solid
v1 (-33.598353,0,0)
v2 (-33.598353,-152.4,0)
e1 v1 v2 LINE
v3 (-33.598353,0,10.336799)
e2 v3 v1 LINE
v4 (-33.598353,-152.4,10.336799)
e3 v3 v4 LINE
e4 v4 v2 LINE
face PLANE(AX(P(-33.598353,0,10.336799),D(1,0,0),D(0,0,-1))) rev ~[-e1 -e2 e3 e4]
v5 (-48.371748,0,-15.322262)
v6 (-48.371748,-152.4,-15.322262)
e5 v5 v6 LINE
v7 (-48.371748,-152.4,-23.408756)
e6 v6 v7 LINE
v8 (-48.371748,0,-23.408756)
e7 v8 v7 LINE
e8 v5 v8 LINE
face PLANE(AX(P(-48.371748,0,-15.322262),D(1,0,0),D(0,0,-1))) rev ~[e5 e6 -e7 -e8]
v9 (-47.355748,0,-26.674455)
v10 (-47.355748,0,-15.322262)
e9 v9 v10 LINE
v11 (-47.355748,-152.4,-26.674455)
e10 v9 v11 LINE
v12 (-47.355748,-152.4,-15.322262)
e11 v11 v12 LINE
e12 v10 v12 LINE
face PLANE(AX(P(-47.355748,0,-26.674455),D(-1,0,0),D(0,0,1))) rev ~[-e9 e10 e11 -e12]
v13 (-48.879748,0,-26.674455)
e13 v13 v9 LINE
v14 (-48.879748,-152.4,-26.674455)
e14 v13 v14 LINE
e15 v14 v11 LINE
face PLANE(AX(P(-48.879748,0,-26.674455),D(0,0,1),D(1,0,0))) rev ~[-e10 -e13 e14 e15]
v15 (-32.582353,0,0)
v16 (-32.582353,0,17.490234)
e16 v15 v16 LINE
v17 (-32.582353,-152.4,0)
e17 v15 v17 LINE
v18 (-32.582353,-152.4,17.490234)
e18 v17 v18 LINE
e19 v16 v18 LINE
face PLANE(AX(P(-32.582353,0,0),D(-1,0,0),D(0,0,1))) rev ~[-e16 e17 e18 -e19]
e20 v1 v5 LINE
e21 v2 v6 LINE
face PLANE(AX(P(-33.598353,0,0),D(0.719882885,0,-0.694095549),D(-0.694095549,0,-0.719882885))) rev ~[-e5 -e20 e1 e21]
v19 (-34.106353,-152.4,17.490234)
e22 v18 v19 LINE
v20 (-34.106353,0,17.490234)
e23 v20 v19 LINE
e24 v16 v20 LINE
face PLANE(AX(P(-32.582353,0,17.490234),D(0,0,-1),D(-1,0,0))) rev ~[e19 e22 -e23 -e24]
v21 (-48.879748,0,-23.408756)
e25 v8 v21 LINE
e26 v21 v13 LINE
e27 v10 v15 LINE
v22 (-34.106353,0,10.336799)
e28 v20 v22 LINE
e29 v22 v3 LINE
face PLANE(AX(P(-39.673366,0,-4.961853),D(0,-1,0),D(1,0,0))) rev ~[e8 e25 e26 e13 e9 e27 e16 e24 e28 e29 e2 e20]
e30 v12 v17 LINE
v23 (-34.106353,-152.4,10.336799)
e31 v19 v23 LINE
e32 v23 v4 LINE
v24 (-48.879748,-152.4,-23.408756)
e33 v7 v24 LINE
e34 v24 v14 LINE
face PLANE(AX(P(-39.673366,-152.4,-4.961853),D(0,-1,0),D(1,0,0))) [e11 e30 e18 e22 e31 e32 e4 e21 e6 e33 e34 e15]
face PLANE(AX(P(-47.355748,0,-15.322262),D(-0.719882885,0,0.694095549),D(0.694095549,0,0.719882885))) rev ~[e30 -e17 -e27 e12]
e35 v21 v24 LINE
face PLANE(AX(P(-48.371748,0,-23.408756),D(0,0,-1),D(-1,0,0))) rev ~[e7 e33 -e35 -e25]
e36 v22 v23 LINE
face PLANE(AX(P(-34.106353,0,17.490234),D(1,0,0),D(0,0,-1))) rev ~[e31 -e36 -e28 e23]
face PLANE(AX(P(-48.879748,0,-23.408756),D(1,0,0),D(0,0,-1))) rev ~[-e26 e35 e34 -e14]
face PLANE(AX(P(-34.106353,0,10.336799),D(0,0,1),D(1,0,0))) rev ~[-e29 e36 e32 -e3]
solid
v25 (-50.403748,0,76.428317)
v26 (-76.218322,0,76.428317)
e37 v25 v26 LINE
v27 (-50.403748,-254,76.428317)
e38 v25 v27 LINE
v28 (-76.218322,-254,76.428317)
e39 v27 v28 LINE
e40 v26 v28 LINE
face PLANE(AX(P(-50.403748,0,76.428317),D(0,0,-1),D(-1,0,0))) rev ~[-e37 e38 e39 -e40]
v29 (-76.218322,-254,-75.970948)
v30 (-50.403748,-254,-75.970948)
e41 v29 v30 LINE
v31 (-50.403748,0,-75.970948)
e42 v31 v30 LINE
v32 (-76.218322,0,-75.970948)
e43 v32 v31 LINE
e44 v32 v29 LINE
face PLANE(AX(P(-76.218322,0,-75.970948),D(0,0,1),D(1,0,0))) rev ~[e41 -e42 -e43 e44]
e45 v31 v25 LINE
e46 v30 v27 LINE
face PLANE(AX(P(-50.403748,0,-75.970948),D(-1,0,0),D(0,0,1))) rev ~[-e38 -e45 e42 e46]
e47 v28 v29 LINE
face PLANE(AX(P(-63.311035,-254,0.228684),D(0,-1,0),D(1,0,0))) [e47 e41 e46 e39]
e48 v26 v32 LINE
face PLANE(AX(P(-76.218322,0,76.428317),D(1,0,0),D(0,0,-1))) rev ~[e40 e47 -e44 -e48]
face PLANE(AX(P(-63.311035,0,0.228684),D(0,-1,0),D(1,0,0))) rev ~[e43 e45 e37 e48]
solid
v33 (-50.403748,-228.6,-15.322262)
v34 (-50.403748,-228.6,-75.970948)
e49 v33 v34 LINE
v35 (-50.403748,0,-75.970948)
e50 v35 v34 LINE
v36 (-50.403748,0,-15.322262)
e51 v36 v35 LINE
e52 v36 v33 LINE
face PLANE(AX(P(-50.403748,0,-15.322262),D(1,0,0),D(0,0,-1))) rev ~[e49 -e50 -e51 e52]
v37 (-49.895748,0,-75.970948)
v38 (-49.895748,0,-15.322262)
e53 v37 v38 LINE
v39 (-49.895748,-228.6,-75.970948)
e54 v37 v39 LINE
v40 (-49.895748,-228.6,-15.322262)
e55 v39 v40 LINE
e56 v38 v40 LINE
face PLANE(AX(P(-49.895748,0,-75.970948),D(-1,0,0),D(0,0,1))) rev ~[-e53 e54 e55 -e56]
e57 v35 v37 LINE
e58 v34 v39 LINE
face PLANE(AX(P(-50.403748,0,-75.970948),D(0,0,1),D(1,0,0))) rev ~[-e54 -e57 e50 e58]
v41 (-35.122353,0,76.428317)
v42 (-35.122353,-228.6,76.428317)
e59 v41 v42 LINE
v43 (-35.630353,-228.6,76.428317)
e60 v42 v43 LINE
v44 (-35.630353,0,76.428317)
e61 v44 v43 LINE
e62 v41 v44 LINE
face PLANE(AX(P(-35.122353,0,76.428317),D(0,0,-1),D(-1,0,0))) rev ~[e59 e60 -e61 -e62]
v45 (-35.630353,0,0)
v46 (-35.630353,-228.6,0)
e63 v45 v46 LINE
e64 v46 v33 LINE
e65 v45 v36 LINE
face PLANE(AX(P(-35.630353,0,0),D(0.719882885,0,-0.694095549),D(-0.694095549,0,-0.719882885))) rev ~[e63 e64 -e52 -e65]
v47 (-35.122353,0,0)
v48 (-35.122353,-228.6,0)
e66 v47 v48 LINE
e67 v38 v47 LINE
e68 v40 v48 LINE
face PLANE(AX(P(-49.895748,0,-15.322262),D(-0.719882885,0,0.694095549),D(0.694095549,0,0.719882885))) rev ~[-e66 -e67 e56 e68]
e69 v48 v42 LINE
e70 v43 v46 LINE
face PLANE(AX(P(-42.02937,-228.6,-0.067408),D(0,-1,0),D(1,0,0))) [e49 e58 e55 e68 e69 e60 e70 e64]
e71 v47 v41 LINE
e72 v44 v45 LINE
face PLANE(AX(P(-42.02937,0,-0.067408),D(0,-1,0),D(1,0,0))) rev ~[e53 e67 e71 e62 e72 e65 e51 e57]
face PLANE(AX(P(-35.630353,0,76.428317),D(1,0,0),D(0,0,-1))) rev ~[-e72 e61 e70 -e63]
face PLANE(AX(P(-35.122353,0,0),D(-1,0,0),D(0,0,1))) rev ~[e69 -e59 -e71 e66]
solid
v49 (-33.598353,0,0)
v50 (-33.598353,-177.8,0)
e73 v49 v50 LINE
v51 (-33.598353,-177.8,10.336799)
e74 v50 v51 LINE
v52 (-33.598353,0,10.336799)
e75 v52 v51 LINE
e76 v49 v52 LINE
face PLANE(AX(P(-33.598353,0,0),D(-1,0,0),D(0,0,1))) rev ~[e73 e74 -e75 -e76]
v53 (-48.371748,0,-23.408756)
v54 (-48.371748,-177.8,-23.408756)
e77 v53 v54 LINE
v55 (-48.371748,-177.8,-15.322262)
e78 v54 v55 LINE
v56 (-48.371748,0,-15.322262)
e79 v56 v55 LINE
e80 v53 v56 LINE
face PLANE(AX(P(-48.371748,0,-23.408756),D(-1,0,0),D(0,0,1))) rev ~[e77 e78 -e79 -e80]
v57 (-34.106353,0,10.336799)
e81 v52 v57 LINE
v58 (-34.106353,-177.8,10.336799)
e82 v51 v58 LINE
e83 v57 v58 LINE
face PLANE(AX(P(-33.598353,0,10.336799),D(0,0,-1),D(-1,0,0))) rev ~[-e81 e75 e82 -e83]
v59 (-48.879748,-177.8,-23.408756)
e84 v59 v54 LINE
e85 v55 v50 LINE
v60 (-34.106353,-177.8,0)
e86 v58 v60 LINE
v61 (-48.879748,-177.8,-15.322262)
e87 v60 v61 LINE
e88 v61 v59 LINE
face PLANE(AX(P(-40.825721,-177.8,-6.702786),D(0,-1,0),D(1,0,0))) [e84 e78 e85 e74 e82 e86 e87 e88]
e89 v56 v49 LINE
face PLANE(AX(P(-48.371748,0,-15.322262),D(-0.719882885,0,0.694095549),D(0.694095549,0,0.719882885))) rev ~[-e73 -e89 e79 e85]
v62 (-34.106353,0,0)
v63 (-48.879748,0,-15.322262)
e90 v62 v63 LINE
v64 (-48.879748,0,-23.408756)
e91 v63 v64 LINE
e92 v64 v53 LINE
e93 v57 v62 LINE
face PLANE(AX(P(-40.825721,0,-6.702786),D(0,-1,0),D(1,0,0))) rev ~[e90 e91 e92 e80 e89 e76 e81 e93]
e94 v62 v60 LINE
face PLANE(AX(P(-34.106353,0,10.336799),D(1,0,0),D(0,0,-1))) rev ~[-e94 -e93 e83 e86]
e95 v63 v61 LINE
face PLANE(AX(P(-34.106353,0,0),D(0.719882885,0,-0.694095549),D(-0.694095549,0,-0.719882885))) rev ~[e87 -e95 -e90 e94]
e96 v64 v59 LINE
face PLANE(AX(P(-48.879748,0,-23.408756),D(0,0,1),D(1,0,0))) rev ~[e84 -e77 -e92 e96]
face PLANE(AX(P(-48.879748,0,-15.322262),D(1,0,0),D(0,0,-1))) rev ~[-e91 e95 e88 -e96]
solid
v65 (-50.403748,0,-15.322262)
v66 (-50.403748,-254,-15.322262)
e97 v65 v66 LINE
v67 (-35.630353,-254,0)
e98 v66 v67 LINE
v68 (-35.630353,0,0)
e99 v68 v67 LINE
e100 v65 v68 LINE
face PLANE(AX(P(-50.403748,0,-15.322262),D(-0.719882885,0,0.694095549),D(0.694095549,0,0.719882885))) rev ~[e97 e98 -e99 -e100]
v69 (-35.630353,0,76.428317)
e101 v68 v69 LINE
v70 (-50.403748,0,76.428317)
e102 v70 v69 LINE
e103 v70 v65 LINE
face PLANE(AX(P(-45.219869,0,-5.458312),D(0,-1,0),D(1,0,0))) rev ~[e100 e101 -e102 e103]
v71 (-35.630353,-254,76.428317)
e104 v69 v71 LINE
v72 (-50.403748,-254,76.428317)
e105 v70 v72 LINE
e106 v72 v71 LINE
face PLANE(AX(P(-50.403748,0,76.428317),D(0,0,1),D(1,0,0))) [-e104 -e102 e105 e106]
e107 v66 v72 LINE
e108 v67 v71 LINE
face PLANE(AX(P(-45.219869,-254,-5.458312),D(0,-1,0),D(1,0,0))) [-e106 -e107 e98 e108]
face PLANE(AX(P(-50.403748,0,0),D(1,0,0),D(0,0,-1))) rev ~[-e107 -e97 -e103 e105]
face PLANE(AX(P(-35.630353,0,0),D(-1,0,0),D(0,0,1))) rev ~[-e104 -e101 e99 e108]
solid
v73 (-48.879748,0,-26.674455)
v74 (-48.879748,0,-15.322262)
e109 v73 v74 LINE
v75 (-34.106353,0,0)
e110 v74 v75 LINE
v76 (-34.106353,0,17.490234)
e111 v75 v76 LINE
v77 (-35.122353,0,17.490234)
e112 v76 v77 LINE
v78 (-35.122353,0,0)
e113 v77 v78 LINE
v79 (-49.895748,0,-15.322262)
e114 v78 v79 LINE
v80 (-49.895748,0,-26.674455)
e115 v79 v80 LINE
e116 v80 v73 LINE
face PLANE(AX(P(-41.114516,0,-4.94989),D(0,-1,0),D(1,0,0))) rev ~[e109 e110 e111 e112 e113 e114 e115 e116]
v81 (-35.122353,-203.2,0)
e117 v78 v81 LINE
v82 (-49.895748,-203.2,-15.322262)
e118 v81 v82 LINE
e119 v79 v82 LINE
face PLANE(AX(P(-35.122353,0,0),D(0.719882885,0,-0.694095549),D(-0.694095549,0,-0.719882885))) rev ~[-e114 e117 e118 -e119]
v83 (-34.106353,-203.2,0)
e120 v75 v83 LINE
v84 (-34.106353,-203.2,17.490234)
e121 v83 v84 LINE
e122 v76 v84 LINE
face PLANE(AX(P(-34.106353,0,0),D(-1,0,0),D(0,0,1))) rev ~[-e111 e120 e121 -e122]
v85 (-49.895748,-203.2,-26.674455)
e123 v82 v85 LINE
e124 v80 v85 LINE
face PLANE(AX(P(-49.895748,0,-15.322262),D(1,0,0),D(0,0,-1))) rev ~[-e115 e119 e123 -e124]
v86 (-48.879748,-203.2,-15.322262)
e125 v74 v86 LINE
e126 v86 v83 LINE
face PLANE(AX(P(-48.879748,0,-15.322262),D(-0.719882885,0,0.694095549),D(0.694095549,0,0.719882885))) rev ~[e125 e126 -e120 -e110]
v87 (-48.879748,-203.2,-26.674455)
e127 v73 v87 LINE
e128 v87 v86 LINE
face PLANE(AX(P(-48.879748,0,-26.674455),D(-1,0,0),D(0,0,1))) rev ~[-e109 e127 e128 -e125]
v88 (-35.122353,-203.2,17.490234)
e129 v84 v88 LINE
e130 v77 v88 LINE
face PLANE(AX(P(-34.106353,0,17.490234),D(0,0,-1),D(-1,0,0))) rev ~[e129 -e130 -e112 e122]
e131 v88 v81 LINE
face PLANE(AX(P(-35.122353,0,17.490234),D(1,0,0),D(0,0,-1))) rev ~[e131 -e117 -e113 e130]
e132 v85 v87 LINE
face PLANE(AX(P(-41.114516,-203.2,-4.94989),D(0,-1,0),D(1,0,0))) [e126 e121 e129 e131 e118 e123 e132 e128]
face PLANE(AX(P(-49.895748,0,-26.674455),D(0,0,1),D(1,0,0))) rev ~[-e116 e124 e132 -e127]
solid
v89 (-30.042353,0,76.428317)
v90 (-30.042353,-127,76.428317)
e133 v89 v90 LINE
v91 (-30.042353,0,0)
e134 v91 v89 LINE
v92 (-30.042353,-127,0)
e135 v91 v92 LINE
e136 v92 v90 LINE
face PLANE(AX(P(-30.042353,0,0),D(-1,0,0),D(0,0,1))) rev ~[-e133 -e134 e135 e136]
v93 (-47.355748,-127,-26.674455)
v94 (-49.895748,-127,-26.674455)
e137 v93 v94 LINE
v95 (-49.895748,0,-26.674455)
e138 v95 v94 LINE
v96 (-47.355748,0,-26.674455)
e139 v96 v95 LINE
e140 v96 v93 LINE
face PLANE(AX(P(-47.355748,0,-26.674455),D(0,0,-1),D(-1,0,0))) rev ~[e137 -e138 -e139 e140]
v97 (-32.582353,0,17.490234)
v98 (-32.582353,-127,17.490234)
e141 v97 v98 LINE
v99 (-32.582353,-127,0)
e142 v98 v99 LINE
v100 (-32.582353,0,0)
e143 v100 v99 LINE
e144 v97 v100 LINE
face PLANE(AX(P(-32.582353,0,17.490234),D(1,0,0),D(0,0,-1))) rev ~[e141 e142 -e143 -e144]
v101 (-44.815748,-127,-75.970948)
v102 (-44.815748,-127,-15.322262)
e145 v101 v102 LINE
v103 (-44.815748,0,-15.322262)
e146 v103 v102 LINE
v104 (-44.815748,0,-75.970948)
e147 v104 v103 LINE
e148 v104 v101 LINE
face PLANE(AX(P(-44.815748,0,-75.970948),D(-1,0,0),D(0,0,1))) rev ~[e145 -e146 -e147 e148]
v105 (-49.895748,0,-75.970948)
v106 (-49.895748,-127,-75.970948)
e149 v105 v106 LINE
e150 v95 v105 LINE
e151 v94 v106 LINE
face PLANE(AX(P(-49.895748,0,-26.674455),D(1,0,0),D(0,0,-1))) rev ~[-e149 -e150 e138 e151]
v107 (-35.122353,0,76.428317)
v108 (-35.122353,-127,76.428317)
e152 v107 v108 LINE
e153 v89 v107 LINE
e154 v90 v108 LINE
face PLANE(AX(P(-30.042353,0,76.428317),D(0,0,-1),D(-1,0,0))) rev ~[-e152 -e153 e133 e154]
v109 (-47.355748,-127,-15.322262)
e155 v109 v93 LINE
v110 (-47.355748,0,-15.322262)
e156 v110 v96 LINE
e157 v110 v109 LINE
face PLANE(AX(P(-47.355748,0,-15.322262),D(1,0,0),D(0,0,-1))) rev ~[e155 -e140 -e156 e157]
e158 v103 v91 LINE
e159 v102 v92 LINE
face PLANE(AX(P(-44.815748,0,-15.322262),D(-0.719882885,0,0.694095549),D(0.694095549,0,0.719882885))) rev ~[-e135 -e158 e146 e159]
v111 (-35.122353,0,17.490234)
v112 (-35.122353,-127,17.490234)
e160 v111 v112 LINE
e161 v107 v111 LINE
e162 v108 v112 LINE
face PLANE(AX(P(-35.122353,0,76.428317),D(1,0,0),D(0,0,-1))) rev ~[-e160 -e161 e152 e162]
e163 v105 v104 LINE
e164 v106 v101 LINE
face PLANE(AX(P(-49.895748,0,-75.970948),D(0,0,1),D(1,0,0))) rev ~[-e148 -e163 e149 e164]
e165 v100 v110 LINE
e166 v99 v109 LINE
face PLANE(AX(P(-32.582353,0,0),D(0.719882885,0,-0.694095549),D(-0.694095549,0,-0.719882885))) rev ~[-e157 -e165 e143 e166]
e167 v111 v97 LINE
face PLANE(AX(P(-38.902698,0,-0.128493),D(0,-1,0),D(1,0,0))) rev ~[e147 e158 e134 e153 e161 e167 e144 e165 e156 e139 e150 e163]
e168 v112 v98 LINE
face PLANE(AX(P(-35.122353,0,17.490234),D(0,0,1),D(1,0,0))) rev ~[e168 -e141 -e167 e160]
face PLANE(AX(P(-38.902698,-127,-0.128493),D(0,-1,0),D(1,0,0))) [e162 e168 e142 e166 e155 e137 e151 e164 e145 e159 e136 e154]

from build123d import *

# Parameters (mm, degrees)
F1_DEPTH = 254
F0_W     = 14.7733949125
F0_H     = 76.4283165336
F2_DEPTH = 254
F3_DEPTH = 254
F4_DEPTH = 228.6
F5_DEPTH = 203.2
F6_DEPTH = 177.8
F7_DEPTH = 152.4
F8_DEPTH = 127


with BuildPart() as f1:
    # F0 (on Front) → F1 (new body)
    with BuildSketch(Plane.XZ):
        Polygon((-50.4037477076, 76.4283165336), (-76.2183219194, 76.4283165336), (-76.2183219194, -75.9709477425), (-50.4037477076, -75.9709477425), (-50.4037477076, -15.3222624213), (-50.4037477076, 0), align=None)
    extrude(amount=F1_DEPTH)


with BuildPart() as f2:
    # F0 (on Front) → F2 (new body)
    with BuildSketch(Plane.XZ):
        with Locations((-43.0170502514, 38.2141582668)):
            Rectangle(F0_W, F0_H)
    extrude(amount=F2_DEPTH)

    # F0 (on Front) → F3 (join)
    with BuildSketch(Plane.XZ):
        Polygon((-35.6303527951, 0), (-50.4037477076, 0), (-50.4037477076, -15.3222624213), align=None)
    extrude(amount=F3_DEPTH)


with BuildPart() as f4:
    # F0 (on Front) → F4 (new body)
    with BuildSketch(Plane.XZ):
        Polygon((-35.1223527951, 76.4283165336), (-35.6303527951, 76.4283165336), (-35.6303527951, 0), (-50.4037477076, -15.3222624213), (-50.4037477076, -75.9709477425), (-49.8957477076, -75.9709477425), (-49.8957477076, -26.6744550318), (-49.8957477076, -15.3222624213), (-35.1223527951, 0), (-35.1223527951, 17.490234226), align=None)
    extrude(amount=F4_DEPTH)


with BuildPart() as f5:
    # F0 (on Front) → F5 (new body)
    with BuildSketch(Plane.XZ):
        Polygon((-34.1063527951, 17.490234226), (-35.1223527951, 17.490234226), (-35.1223527951, 0), (-49.8957477076, -15.3222624213), (-49.8957477076, -26.6744550318), (-48.8797477076, -26.6744550318), (-48.8797477076, -23.4087556601), (-48.8797477076, -15.3222624213), (-34.1063527951, 0), (-34.1063527951, 10.3367986158), align=None)
    extrude(amount=F5_DEPTH)


with BuildPart() as f6:
    # F0 (on Front) → F6 (new body)
    with BuildSketch(Plane.XZ):
        Polygon((-33.5983527951, 10.3367986158), (-34.1063527951, 10.3367986158), (-34.1063527951, 0), (-48.8797477076, -15.3222624213), (-48.8797477076, -23.4087556601), (-48.3717477076, -23.4087556601), (-48.3717477076, -15.3222624213), (-33.5983527951, 0), align=None)
    extrude(amount=F6_DEPTH)


with BuildPart() as f7:
    # F0 (on Front) → F7 (new body)
    with BuildSketch(Plane.XZ):
        Polygon((-32.5823527951, 17.490234226), (-34.1063527951, 17.490234226), (-34.1063527951, 10.3367986158), (-33.5983527951, 10.3367986158), (-33.5983527951, 0), (-48.3717477076, -15.3222624213), (-48.3717477076, -23.4087556601), (-48.8797477076, -23.4087556601), (-48.8797477076, -26.6744550318), (-47.3557477076, -26.6744550318), (-47.3557477076, -15.3222624213), (-32.5823527951, 0), align=None)
    extrude(amount=F7_DEPTH)


with BuildPart() as f8:
    # F0 (on Front) → F8 (new body)
    with BuildSketch(Plane.XZ):
        Polygon((-30.0423527951, 76.4283165336), (-35.1223527951, 76.4283165336), (-35.1223527951, 17.490234226), (-34.1063527951, 17.490234226), (-32.5823527951, 17.490234226), (-32.5823527951, 0), (-47.3557477076, -15.3222624213), (-47.3557477076, -26.6744550318), (-48.8797477076, -26.6744550318), (-49.8957477076, -26.6744550318), (-49.8957477076, -75.9709477425), (-44.8157477076, -75.9709477425), (-44.8157477076, -15.3222624213), (-30.0423527951, 0), align=None)
    extrude(amount=F8_DEPTH)


solid = Compound([f1.part, f2.part, f4.part, f5.part, f6.part, f7.part, f8.part])
